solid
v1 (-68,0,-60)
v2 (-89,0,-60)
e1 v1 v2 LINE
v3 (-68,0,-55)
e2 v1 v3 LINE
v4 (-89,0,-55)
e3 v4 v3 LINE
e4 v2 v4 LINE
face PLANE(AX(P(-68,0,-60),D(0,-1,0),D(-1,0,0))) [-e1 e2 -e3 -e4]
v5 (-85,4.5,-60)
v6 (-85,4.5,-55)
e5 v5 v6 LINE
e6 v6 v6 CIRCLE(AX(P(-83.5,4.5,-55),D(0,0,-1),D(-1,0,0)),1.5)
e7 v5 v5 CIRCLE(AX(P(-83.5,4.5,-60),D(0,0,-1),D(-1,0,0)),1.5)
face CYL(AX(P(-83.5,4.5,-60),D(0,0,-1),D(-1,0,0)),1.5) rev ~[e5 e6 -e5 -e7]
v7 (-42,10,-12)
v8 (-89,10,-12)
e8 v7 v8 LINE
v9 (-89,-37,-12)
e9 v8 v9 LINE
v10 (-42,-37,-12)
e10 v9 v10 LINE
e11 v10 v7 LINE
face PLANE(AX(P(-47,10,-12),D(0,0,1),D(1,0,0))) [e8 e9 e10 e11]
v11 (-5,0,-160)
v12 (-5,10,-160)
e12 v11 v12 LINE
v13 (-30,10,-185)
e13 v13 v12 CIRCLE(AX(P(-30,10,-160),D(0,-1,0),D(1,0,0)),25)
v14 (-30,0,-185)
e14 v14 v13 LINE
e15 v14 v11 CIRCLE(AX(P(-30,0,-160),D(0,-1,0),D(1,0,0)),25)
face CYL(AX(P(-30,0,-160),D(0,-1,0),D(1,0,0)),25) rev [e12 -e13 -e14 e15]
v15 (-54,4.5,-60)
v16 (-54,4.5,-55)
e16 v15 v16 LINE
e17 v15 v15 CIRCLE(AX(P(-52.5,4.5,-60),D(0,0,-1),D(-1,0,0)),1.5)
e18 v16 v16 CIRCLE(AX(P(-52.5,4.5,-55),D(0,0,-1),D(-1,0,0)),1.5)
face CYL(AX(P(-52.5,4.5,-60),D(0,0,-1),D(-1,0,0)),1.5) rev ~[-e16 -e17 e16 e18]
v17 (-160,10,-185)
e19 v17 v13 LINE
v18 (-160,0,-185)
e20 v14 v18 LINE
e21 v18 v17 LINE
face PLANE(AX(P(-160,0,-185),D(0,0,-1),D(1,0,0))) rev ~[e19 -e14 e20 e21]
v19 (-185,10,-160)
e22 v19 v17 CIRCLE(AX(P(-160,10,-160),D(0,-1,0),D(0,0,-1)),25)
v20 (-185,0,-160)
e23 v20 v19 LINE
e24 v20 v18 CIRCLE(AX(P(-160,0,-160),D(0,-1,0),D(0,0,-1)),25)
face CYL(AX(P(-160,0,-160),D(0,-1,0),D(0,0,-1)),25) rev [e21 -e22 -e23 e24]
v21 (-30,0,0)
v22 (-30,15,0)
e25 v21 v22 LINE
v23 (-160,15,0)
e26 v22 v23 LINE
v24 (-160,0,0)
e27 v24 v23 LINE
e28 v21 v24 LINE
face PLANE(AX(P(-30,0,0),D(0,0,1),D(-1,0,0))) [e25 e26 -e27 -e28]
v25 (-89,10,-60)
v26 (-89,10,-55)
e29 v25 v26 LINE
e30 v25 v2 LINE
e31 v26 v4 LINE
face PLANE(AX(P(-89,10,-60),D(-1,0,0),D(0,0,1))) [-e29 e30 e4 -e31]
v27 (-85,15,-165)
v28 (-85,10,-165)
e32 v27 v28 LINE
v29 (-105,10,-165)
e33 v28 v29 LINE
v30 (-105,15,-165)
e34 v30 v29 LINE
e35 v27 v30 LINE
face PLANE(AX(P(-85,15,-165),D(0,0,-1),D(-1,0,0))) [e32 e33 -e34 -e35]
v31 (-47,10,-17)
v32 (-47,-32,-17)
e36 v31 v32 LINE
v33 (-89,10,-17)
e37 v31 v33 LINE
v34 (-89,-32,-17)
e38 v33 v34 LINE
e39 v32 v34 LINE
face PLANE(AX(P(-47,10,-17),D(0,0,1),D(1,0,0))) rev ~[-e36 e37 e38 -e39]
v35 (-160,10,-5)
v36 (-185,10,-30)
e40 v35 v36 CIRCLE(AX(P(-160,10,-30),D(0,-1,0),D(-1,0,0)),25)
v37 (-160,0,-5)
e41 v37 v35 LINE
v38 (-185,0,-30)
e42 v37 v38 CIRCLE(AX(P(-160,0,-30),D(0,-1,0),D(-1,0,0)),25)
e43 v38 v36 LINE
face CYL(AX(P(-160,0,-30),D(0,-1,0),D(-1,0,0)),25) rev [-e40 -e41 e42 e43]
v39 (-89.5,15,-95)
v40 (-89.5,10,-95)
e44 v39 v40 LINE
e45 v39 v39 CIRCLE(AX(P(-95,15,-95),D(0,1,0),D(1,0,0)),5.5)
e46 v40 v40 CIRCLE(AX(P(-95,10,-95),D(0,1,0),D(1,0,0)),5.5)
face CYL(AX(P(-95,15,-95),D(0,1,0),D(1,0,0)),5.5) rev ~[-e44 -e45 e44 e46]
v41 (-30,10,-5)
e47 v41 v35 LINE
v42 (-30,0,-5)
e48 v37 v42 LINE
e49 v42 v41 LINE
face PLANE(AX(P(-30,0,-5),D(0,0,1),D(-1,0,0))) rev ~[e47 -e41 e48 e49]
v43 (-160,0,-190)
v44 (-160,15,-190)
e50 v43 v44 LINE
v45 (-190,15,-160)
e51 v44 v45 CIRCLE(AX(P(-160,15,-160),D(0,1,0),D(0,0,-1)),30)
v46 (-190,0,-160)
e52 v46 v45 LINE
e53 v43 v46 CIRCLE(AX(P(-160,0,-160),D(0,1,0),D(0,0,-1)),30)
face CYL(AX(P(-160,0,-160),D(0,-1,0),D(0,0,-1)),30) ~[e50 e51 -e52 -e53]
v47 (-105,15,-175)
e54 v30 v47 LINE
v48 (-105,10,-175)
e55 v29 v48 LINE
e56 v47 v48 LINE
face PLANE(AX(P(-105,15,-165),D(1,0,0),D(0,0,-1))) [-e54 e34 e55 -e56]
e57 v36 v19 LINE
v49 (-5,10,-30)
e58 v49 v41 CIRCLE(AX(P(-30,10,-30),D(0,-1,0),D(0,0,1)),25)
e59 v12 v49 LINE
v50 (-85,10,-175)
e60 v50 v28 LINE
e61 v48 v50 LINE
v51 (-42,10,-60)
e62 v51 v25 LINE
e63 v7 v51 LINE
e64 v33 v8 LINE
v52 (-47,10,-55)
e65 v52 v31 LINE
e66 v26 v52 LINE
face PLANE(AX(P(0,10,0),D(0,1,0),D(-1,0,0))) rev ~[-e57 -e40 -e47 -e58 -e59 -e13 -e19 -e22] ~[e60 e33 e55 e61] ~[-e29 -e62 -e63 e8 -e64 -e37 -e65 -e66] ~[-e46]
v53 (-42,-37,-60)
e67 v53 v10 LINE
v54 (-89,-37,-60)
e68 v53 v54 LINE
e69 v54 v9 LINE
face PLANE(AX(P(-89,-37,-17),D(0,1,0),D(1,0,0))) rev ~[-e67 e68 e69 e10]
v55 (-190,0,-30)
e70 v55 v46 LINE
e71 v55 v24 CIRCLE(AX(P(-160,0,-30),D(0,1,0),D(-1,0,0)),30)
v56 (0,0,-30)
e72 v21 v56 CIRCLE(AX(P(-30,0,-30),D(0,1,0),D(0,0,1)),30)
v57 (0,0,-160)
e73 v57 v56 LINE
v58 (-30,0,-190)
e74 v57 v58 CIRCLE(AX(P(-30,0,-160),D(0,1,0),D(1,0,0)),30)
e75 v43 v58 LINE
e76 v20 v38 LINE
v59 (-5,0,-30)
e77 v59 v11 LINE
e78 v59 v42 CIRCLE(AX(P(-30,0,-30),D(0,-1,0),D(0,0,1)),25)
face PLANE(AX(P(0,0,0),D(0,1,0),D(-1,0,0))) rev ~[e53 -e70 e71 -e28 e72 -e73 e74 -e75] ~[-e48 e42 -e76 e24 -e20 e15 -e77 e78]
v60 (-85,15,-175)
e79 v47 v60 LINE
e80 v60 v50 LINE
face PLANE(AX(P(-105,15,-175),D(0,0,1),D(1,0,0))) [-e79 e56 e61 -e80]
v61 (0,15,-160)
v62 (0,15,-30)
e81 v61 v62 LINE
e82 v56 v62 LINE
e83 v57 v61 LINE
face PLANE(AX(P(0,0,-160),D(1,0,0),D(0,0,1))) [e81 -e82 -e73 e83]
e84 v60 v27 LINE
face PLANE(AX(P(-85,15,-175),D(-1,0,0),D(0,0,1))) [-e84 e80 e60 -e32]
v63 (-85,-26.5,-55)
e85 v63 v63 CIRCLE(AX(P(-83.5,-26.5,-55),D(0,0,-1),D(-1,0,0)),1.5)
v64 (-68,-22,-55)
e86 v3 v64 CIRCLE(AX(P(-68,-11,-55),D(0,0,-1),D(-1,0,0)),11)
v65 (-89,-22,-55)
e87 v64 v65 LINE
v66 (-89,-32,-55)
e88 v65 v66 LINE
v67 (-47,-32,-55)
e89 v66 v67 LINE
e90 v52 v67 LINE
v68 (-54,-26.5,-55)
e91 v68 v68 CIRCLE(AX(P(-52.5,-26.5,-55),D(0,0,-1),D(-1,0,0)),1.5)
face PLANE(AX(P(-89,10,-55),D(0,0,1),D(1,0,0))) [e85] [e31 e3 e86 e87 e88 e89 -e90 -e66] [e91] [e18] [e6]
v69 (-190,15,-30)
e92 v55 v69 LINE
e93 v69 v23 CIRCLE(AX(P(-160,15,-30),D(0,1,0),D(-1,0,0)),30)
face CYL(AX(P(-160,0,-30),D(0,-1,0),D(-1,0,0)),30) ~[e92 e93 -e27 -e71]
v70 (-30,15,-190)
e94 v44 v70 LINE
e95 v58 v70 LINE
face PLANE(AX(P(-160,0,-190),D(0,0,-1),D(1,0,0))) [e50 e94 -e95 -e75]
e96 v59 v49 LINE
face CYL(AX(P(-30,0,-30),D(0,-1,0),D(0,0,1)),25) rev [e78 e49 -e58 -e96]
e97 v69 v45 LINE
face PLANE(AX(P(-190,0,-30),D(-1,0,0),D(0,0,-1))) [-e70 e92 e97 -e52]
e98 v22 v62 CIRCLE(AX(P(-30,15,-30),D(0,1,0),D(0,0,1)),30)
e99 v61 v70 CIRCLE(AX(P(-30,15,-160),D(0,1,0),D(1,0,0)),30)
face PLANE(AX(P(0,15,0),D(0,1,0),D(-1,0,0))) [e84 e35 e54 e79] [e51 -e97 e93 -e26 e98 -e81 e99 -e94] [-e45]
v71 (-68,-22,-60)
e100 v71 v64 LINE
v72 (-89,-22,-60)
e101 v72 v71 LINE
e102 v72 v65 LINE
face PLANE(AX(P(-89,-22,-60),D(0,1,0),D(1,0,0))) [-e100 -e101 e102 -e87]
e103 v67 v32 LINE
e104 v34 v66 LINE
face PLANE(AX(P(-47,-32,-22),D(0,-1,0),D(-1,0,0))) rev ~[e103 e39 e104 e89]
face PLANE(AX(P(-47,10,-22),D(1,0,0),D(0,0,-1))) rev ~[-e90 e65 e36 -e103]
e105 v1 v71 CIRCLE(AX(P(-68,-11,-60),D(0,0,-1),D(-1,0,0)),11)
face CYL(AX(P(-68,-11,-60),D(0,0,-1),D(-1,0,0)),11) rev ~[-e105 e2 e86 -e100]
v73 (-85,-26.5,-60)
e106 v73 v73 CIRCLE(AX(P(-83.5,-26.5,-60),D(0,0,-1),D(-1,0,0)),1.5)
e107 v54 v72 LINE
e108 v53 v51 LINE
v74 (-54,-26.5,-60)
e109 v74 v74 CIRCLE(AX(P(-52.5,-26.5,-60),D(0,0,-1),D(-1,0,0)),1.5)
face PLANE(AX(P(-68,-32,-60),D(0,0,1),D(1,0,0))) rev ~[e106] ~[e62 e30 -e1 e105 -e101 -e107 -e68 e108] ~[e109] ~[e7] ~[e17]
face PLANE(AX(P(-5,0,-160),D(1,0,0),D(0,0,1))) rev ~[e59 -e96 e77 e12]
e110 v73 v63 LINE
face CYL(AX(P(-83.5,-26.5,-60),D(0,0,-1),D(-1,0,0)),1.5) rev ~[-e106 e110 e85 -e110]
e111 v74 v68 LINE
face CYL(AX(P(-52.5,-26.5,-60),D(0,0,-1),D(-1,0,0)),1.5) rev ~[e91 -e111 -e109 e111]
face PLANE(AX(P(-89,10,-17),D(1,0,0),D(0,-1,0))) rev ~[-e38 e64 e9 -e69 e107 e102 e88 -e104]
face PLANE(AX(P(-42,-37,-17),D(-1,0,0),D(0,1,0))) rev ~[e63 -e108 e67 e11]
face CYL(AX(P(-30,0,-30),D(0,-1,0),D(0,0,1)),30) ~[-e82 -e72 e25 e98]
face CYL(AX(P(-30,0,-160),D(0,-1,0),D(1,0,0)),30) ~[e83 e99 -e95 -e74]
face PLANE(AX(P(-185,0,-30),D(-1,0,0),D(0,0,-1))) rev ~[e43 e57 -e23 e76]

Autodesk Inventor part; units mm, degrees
ref_plane "YZ Plane" through (0, 0, 0) normal (1, 0, 0) x (0, 1, 0)
ref_plane "XZ Plane" through (0, 0, 0) normal (0, 1, 0) x (-1, 0, 0)
ref_plane "XY Plane" through (0, 0, 0) normal (0, 0, 1) x (1, 0, 0)
sketch "스케치1" plane through (0, 0, 0) normal (0, 1, 0) x (-1, 0, 0)
  line L0 (30, 0) -> (160, 0)
  line L1 (190, -30) -> (190, -160)
  line L2 (160, -190) -> (30, -190)
  line L3 (0, -160) -> (0, -30)
  arc A0 (190, -30) -> (160, 0) centre (160, -30) ccw
  arc A1 (160, -190) -> (190, -160) centre (160, -160) ccw
  arc A2 (0, -160) -> (30, -190) centre (30, -160) ccw
  arc A3 (30, 0) -> (0, -30) centre (30, -30) ccw
  point P0 (0, 0)
  point P1 (190, -190)
  point P2 (190, 0)
  point P3 (0, -190)
  dimension "d0" = 190
  dimension "d1" = 190
  dimension "d2" = 30
extrude "돌출1" add sketch "스케치1" along normal blind 15
shell "쉘1" thickness 5 removed faces 1 at (-106.6667, 0, -116.6667)
sketch "스케치3" plane through (0, 15, 0) normal (0, 1, 0) x (1, 0, 0)
  circle A0 centre (-95, 95) radius 5.5
  line L0 (-190, 160) -> (-190, 30) projected
  line L1 (-160, 0) -> (-30, 0) projected
  line L2 (-105, 175) -> (-85, 175)
  line L3 (-85, 175) -> (-85, 165)
  line L4 (-85, 165) -> (-105, 165)
  line L5 (-105, 165) -> (-105, 175)
  line L6 (-30, 190) -> (-160, 190) projected
  point P0 (0, 0)
  point P1 (-105, 170)
  dimension "d12" = 11
  dimension "d13" = 95
  dimension "d14" = 95
  dimension "d15" = 20
  dimension "d16" = 10
  dimension "d17" = 85
  dimension "d18" = 15
extrude "돌출3" cut sketch "스케치3" against normal blind 10
sketch "스케치4" plane through (-160, 10, -185) normal (0, -1, 0) x (1, 0, 0)
  circle A0 centre (65, 90) radius 22
  circle A1 centre (65, 90) radius 5.5 projected
  line L0 (71, 130) -> (113, 130)
  line L1 (113, 130) -> (113, 125)
  line L2 (113, 125) -> (71, 125)
  line L3 (71, 125) -> (71, 130)
  line L4 (130, 0) -> (0, 0) projected
  line L5 (155, 155) -> (155, 25) projected
  line L6 (0, 180) -> (130, 180) projected
  line L7 (113, 125) -> (118, 125)
  line L8 (118, 125) -> (118, 163)
  line L9 (118, 163) -> (113, 163)
  line L10 (113, 163) -> (113, 125)
  point P0 (160, 185)
  point P1 (113, 127.5)
  point P2 (113, 130)
  dimension "d21" = 44
  dimension "d22" = 42
  dimension "d23" = 5
  dimension "d25" = 42
  dimension "d28" = 50
  dimension "d47" = 5
  dimension "d48" = 38
extrude "돌출4" add sketch "스케치4" along normal blind 42 contours L0 L1 L2 L3 | L10 L9 L8 L7 L1
sketch "스케치5" plane through (-47, 10, -60) normal (0, 0, -1) x (-1, 0, 0)
  circle A0 centre (5.5, -36.5) radius 1.5
  circle A1 centre (36.5, -36.5) radius 1.5
  circle A2 centre (36.5, -5.5) radius 1.5
  circle A3 centre (5.5, -5.5) radius 1.5
  line L0 (42, 0) -> (42, -42) projected
  line L1 (0, 0) -> (0, -42) projected
  line L2 (42, -42) -> (0, -42) projected
  circle A4 centre (21, -21) radius 11
  line L3 (21, -10) -> (42, -10)
  line L4 (42, -10) -> (42, -32)
  line L5 (42, -32) -> (21, -32)
  line L6 (21, -32) -> (21, -10)
  point P0 (-47, -10)
  point P1 (21, -32)
  dimension "d44" = 22
  dimension "d29" = 3
  dimension "d30" = 3
  dimension "d31" = 3
  dimension "d32" = 3
  dimension "d33" = 31
  dimension "d34" = 31
  dimension "d35" = 31
  dimension "d36" = 31
  dimension "d37" = 31
  dimension "d38" = 31
  dimension "d39" = 42
  dimension "d40" = 5.5
  dimension "d41" = 5.5
  dimension "d45" = 21
  dimension "d46" = 21
extrude "돌출5" cut sketch "스케치5" against normal blind 42
sketch "스케치6" plane through (-160, -32, -185) normal (0, -1, 0) x (1, 0, 0)
  line L0 (118, 163) -> (118, 125) projected
  line L1 (92, 125) -> (71, 125) projected
  line L2 (118, 163) -> (71, 163)
  line L3 (71, 163) -> (71, 125)
  line L4 (71, 125) -> (118, 125)
  line L5 (118, 125) -> (118, 163)
  point P0 (160, 185)
  point P1 (92, 125)
  point P2 (118, 125)
extrude "돌출6" add sketch "스케치6" along normal blind 5
sketch "스케치7" plane through (-47, 10, -22) normal (0, 0, 1) x (1, 0, 0)
  line L0 (0, 0) -> (5, 0) projected
  line L1 (0, 0) -> (0, -42) projected
  line L2 (0, -42) -> (-42, -42) projected
  line L3 (-42, -42) -> (-42, -47) projected
  line L4 (5, -47) -> (-42, -47) projected
  line L5 (5, 0) -> (5, -47) projected
  point P0 (47, -10)
extrude "돌출7" add sketch "스케치7" along normal blind 5
sketch "스케치8" plane through (-47, 10, -17) normal (0, 0, 1) x (1, 0, 0)
  line L0 (-42, -47) -> (5, -47) projected
  line L1 (5, -47) -> (5, 0) projected
  line L2 (-42, -47) -> (5, -47)
  line L3 (5, -47) -> (5, 0)
  line L4 (5, 0) -> (-42, 0)
  line L5 (-42, 0) -> (-42, -47)
  point P0 (47, -10)
extrude "돌출8" add sketch "스케치8" along normal blind 5
properties part number "top_3D 인쇄"
